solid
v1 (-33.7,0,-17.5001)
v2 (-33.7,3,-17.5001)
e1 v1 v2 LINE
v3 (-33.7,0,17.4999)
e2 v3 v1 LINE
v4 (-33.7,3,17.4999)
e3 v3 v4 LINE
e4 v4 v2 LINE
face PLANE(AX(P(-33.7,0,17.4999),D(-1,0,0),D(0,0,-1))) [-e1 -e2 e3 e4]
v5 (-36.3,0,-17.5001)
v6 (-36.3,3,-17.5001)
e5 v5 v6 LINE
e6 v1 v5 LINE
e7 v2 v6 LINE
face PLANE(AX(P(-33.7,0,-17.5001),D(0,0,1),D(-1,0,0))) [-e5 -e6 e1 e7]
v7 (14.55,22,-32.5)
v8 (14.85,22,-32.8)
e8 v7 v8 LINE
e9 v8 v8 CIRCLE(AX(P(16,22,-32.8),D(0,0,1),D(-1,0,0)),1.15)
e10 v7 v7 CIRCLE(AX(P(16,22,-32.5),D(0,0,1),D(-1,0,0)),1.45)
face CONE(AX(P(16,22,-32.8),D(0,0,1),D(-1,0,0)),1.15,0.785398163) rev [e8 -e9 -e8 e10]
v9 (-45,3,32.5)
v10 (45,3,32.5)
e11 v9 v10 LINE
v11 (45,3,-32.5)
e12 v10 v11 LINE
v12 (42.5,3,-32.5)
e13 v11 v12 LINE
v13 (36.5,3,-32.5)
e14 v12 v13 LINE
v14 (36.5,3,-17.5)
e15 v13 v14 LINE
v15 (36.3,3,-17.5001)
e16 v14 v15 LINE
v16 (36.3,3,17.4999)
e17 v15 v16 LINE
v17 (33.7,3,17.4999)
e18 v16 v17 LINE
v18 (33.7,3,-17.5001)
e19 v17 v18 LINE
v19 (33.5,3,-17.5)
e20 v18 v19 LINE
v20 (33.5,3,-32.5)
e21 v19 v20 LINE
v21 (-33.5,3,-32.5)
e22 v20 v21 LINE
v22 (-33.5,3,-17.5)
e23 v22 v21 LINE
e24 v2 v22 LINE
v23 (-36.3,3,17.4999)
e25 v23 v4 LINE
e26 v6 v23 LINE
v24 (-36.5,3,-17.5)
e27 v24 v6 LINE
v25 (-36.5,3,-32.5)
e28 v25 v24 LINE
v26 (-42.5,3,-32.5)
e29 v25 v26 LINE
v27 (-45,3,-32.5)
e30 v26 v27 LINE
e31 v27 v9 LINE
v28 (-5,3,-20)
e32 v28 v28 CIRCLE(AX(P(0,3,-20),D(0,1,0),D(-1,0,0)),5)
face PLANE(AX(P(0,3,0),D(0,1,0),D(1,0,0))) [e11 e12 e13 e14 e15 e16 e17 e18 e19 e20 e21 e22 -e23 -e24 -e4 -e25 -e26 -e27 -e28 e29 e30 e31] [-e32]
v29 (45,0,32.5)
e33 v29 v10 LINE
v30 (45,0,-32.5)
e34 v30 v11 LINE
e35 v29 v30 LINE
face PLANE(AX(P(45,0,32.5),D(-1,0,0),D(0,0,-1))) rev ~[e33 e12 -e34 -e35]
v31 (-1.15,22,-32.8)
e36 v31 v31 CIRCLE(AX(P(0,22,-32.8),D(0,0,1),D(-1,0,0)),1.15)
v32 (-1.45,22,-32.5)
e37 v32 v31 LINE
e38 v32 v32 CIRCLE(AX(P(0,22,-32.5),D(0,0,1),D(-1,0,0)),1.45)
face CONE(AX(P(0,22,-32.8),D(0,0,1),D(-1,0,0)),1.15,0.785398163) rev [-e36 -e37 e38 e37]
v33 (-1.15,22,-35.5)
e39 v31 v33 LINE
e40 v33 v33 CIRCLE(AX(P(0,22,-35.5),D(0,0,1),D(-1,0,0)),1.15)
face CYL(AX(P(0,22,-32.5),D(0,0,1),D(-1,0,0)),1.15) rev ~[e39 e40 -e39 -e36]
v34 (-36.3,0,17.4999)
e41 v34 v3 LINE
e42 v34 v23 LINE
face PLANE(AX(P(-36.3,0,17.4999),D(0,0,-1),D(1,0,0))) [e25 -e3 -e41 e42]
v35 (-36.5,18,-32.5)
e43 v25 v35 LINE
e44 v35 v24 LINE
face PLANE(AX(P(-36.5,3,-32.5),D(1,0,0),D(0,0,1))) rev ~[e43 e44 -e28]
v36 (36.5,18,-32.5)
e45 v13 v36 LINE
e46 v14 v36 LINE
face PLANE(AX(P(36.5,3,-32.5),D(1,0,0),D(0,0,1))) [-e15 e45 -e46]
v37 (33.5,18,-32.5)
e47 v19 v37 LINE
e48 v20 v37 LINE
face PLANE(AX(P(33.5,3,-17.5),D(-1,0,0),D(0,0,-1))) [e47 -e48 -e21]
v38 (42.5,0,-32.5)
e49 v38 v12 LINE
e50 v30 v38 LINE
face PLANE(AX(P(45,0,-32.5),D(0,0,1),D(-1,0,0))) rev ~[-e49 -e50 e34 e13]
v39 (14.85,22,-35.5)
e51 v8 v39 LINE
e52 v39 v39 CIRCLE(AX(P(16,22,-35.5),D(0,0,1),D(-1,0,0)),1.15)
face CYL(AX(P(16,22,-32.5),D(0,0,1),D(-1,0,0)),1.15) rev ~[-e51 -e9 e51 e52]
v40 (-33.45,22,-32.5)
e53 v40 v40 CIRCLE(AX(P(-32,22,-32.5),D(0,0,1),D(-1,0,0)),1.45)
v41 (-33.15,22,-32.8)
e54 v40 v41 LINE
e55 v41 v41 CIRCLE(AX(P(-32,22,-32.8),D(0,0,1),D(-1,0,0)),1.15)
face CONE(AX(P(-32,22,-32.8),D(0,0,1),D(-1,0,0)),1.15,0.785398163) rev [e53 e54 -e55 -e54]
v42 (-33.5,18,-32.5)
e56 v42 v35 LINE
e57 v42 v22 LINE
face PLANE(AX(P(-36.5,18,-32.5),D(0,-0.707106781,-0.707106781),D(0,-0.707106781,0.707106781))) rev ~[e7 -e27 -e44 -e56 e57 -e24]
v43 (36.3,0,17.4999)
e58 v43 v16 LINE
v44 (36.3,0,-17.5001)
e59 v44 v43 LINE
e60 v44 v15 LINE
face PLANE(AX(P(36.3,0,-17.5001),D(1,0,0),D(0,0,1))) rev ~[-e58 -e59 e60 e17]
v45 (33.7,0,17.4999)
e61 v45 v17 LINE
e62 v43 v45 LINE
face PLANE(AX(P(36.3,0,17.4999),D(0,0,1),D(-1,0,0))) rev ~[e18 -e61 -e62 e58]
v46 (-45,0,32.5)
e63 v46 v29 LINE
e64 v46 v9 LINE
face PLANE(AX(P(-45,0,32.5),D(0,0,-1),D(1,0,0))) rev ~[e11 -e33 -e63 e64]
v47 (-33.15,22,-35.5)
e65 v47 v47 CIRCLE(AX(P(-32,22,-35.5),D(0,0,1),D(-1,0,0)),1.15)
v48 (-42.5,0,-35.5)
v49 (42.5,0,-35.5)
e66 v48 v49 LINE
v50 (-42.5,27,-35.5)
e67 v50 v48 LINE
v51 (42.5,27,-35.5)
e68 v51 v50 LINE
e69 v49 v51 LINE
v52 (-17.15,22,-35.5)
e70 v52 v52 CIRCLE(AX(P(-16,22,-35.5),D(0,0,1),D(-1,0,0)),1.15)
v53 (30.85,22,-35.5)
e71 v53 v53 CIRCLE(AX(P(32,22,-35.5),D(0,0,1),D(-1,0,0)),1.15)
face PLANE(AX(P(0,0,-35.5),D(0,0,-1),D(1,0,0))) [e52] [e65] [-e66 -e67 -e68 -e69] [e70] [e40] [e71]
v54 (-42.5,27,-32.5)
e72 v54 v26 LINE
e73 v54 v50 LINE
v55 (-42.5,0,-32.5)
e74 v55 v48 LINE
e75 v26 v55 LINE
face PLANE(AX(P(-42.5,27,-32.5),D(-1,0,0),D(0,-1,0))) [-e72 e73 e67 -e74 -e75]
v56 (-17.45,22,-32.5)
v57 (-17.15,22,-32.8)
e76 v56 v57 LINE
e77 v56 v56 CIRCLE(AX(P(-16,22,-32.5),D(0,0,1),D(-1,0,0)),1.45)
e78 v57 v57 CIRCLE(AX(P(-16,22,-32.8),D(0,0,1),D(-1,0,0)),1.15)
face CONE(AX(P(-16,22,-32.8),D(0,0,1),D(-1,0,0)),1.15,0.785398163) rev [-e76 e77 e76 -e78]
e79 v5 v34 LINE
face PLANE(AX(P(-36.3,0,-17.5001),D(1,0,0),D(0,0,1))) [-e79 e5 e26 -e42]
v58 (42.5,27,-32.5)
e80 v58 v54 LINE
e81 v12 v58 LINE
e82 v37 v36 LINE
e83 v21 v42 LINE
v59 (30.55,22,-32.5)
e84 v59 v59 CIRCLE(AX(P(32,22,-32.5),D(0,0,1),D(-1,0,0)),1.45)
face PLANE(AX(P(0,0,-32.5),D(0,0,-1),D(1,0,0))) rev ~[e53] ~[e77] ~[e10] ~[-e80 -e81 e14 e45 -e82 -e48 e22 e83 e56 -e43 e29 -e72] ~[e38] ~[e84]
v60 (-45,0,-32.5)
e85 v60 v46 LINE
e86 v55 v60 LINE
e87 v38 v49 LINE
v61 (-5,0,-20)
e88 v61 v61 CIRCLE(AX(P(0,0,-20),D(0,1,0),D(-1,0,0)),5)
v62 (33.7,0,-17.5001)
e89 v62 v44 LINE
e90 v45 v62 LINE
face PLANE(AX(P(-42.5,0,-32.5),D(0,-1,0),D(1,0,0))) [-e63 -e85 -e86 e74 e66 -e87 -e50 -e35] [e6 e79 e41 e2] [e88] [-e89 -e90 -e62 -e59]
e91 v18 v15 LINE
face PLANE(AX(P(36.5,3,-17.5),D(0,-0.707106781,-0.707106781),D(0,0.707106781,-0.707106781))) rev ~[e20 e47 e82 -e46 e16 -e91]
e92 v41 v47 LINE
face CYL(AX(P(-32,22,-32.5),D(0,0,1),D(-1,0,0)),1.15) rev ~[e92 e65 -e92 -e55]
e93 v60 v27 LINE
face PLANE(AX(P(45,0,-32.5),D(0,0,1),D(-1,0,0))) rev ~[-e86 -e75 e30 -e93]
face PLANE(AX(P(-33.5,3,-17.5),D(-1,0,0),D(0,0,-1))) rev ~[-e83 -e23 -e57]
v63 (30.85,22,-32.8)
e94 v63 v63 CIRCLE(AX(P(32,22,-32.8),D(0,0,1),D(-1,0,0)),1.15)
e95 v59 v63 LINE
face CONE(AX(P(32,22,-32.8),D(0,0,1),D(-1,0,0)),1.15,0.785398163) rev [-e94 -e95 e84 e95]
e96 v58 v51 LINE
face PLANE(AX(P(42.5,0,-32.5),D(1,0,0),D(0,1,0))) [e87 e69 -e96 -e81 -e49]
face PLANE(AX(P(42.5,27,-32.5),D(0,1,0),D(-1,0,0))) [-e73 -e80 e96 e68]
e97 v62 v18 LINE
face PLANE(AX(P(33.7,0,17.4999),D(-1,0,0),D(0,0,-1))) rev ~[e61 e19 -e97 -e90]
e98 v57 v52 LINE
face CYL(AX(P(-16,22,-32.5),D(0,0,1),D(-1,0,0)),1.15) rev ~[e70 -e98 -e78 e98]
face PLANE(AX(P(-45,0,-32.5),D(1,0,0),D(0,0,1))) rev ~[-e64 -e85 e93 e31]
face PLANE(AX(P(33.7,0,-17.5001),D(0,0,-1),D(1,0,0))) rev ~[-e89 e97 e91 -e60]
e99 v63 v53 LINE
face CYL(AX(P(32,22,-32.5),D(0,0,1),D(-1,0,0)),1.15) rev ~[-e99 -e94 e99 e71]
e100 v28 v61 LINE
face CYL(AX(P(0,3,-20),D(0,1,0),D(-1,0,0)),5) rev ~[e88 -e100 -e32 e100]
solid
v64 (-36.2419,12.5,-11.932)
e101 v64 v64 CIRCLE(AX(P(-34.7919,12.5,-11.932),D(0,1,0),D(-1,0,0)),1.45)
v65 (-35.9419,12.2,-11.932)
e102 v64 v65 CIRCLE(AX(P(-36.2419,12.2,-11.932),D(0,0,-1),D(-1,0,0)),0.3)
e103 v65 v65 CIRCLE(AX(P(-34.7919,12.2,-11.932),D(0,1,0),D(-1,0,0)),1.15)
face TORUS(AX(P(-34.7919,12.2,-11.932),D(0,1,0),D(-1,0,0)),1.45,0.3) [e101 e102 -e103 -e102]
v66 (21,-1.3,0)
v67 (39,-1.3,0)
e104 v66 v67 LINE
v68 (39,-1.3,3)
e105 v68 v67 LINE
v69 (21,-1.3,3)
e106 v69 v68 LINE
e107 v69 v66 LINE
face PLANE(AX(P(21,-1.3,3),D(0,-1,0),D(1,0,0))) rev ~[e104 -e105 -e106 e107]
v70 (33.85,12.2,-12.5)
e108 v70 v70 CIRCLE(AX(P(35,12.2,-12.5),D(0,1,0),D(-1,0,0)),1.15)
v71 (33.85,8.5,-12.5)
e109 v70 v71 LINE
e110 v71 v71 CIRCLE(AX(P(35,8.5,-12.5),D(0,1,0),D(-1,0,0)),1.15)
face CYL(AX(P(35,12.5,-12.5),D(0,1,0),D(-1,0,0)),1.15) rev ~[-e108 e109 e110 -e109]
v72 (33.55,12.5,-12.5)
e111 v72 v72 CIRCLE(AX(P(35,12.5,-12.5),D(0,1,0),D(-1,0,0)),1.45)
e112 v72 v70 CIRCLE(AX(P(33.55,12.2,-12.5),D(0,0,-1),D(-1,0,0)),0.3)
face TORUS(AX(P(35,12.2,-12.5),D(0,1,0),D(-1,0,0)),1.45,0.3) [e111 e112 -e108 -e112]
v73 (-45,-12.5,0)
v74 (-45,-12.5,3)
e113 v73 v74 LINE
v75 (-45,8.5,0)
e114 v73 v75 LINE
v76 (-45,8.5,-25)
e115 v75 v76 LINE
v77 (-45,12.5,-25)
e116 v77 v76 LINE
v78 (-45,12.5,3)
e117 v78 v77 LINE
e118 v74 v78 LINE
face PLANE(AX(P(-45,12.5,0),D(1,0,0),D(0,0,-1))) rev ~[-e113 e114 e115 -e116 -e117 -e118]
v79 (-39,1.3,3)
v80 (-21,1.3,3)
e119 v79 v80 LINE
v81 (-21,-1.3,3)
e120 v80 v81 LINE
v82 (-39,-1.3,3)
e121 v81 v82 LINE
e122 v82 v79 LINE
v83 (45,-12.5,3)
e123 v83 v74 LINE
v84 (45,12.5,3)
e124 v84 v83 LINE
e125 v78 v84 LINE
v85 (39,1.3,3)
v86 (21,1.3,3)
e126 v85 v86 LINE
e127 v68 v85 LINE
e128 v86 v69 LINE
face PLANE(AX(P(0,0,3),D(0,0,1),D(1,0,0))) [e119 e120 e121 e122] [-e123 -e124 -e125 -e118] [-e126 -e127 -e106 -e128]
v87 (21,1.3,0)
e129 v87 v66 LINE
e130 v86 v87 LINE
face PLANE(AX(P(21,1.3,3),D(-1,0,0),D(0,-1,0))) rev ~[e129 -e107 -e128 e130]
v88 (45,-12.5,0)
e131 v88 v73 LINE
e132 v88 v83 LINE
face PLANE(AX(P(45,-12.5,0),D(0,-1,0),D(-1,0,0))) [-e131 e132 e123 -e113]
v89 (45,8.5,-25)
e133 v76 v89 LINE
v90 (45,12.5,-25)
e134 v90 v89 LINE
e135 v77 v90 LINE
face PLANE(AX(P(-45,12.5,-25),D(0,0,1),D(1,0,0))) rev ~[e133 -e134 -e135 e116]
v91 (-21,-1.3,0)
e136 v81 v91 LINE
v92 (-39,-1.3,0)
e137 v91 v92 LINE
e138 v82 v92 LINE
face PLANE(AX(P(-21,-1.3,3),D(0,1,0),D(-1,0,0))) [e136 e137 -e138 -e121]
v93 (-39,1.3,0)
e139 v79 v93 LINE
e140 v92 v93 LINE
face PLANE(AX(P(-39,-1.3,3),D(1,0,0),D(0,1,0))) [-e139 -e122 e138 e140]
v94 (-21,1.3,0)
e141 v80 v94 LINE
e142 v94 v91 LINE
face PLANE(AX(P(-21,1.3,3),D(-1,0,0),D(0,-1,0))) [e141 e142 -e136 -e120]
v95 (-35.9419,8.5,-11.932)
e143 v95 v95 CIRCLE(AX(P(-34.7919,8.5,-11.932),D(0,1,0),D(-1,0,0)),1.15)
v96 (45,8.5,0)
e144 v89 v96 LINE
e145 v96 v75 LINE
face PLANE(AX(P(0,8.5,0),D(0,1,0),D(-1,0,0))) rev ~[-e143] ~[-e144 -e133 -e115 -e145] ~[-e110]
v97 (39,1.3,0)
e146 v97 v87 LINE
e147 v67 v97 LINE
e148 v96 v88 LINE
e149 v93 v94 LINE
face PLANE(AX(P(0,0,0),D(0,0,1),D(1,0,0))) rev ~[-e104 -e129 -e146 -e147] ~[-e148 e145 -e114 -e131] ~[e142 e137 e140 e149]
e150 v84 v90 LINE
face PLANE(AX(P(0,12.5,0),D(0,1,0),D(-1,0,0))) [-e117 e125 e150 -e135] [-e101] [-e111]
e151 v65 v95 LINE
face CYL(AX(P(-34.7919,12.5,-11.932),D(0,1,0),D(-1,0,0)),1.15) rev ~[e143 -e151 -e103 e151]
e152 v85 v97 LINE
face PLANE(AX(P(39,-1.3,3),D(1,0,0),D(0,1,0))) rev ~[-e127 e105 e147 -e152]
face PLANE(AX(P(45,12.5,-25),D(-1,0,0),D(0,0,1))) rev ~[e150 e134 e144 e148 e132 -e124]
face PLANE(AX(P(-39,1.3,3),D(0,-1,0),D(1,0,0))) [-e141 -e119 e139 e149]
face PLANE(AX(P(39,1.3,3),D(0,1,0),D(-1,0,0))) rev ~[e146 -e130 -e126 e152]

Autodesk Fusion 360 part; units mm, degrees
sketch "Sketch1" plane through (0, 0, 0) normal (0, 0, 1) x (1, 0, 0) in component "TCRT_Chassis_Adapter"
  line L0 (-45, 12.5) -> (45, 12.5)
  line L1 (45, 12.5) -> (45, -12.5)
  line L2 (45, -12.5) -> (-45, -12.5)
  line L3 (-45, -12.5) -> (-45, 12.5)
  line L4 (-45, 12.5) -> (45, -12.5) construction
  line L5 (45, 12.5) -> (-45, -12.5) construction
  dimension "d18" = 90
  dimension "d19" = 25
extrude "Extrude1" add sketch "Sketch1" along normal blind 3 makes body 1 in component "TCRT_Chassis_Adapter"
sketch "Sketch2" plane through (0, 0, 3) normal (0, 0, 1) x (-1, 0, 0) in component "TCRT_Chassis_Adapter"
  line L0 (45, 12.5) -> (-45, 12.5)
  line L1 (-45, 12.5) -> (-45, -12.5)
  line L2 (-45, -12.5) -> (45, -12.5)
  line L3 (45, -12.5) -> (45, 12.5)
  line L4 (21, 1.3) -> (39, 1.3)
  line L5 (39, 1.3) -> (39, -1.3)
  line L6 (39, -1.3) -> (21, -1.3)
  line L7 (21, -1.3) -> (21, 1.3)
  line L8 (21, 1.3) -> (39, -1.3) construction
  line L9 (39, 1.3) -> (21, -1.3) construction
  line L10 (0, -12.5) -> (0, 12.5)
  line L11 (-39, -1.3) -> (-21, -1.3)
  line L12 (-39, 1.3) -> (-21, -1.3) construction
  line L13 (-21, -1.3) -> (-21, 1.3)
  line L14 (-21, 1.3) -> (-39, -1.3) construction
  line L15 (-21, 1.3) -> (-39, 1.3)
  line L16 (-39, 1.3) -> (-39, -1.3)
  point P0 (30, 0)
  point P1 (-30, 0)
  dimension "d22" = 18
  dimension "d23" = 30
  dimension "d24" = 2.6
extrude "Extrude2" cut sketch "Sketch2" against normal blind 8 contours L4 L5 L6 L7 | L11 L13 L15 L16 bodies 1 in component "TCRT_Chassis_Adapter"
sketch "Sketch3" plane through (0, 12.5, 0) normal (0, 1, 0) x (-1, 0, 0) in component "TCRT_Chassis_Adapter"
  line L0 (-45, 0) -> (45, 0)
  line L1 (45, 0) -> (45, 3)
  line L2 (45, 3) -> (-45, 3)
  line L3 (-45, 3) -> (-45, 0)
  line L4 (-45, 0) -> (45, 0)
  line L5 (45, 0) -> (45, -25)
  line L6 (45, -25) -> (-45, -25)
  line L7 (-45, -25) -> (-45, 0)
extrude "Extrude3" add sketch "Sketch3" against normal blind 4 contours L0 L4 L5 L6 L7 bodies 1 in component "TCRT_Chassis_Adapter"
sketch "Sketch4" plane through (0, 12.5, 0) normal (0, 1, 0) x (-1, 0, 0) in component "TCRT_Chassis_Adapter"
  line L0 (45, -25) -> (45, 3)
  line L1 (45, 3) -> (-45, 3)
  line L2 (-45, 3) -> (-45, -25)
  line L3 (-45, -25) -> (45, -25)
  circle A0 centre (-35, -12.5) radius 1.15
  line L4 (-0.2279, 3) -> (0, -25)
  circle A1 centre (34.7919, -11.932) radius 1.15
  dimension "d29" = 2.3
  dimension "d31" = 15.5
sketch "Sketch1 (2)" plane through (0, 0, 0) normal (0, 1, 0) x (1, 0, 0) in component "TCRT_Sensor_Slider"
  line L0 (45, 32.5) -> (-45, 32.5)
  line L1 (-45, 32.5) -> (-45, -32.5)
  line L2 (-45, -32.5) -> (45, -32.5)
  line L3 (45, -32.5) -> (45, 32.5)
  line L4 (45, 32.5) -> (-45, -32.5) construction
  line L5 (-45, 32.5) -> (45, -32.5) construction
  dimension "d41" = 65
  dimension "d42" = 90
extrude "Extrude1'" add sketch "Sketch1 (2)" along normal blind 3 separate body makes body 2 in component "TCRT_Sensor_Slider"
sketch "Sketch2 (2)" plane through (0, 0, 0) normal (0, -1, 0) x (1, 0, 0) in component "TCRT_Sensor_Slider"
  line L0 (45, -32.5) -> (45, 32.5)
  line L1 (45, 32.5) -> (-45, 32.5)
  line L2 (-45, 32.5) -> (-45, -32.5)
  line L3 (-45, -32.5) -> (45, -32.5)
  line L4 (0, 32.5) -> (0, -32.5)
  line L5 (-33.7, -17.5001) -> (-36.3, -17.5001)
  line L6 (-36.3, -17.5001) -> (-36.3, 17.4999)
  line L7 (-36.3, 17.4999) -> (-33.7, 17.4999)
  line L8 (-33.7, 17.4999) -> (-33.7, -17.5001)
  line L9 (-33.7, -17.5001) -> (-36.3, 17.4999) construction
  line L10 (-36.3, -17.5001) -> (-33.7, 17.4999) construction
  line L11 (36.3, -17.5001) -> (33.7, 17.4999) construction
  line L12 (33.7, 17.4999) -> (33.7, -17.5001)
  line L13 (33.7, -17.5001) -> (36.3, -17.5001)
  line L14 (36.3, 17.4999) -> (33.7, 17.4999)
  line L15 (33.7, -17.5001) -> (36.3, 17.4999) construction
  line L16 (36.3, -17.5001) -> (36.3, 17.4999)
  point P0 (-35, -0.0001)
  point P1 (35, -0.0001)
  dimension "d45" = 35
  dimension "d46" = 2.6
  dimension "d47" = 35
extrude "Extrude2'" cut sketch "Sketch2 (2)" against normal blind 3 contours L5 L6 L7 L8 | L12 L13 L14 L16 bodies 2 in component "TCRT_Sensor_Slider"
sketch "Sketch3 (2)" plane through (0, 0, 0) normal (1, 0, 0) x (0, 1, 0) in component "TCRT_Sensor_Slider"
sketch "Sketch4 (2)" plane through (0, 0, -32.5) normal (0, 0, -1) x (1, 0, 0) in component "TCRT_Sensor_Slider"
  line L0 (45, 0) -> (-45, 0)
  line L1 (-45, 0) -> (-45, -3)
  line L2 (-45, -3) -> (45, -3)
  line L3 (45, -3) -> (45, 0)
sketch "Sketch5" plane through (0, 0, -32.5) normal (0, 0, -1) x (1, 0, 0) in component "TCRT_Sensor_Slider"
  line L0 (-42.5, 0) -> (42.5, 0)
  line L1 (42.5, 0) -> (42.5, -27)
  line L2 (42.5, -27) -> (-42.5, -27)
  line L3 (-42.5, -27) -> (-42.5, 0)
  dimension "d50" = 42.5
  dimension "d51" = 42.5
  dimension "d52" = 27
extrude "Extrude3'" add sketch "Sketch5" along normal blind 3 bodies 2 in component "TCRT_Sensor_Slider"
sketch "Sketch6" plane through (0, 3, 0) normal (0, 1, 0) x (-1, 0, 0) in component "TCRT_Sensor_Slider"
  line L0 (36.3, 17.4999) -> (36.3, -17.5001)
  line L1 (36.3, -17.5001) -> (33.7, -17.5001)
  line L2 (33.7, -17.5001) -> (33.7, 17.4999)
  line L3 (33.7, 17.4999) -> (36.3, 17.4999)
  line L4 (-36.3, 17.4999) -> (-33.7, 17.4999)
  line L5 (-33.7, 17.4999) -> (-33.7, -17.5001)
  line L6 (-33.7, -17.5001) -> (-36.3, -17.5001)
  line L7 (-36.3, -17.5001) -> (-36.3, 17.4999)
  line L8 (-45, 32.5) -> (-45, -32.5)
  line L9 (-45, -32.5) -> (-42.5, -32.5)
  line L10 (-42.5, -32.5) -> (42.5, -32.5)
  line L11 (42.5, -32.5) -> (45, -32.5)
  line L12 (45, -32.5) -> (45, 32.5)
  line L13 (45, 32.5) -> (-45, 32.5)
sketch "Sketch7" plane through (0, 3, 0) normal (0, 1, 0) x (-1, 0, 0) in component "TCRT_Sensor_Slider"
  line L0 (-33.5, -32.5) -> (-36.5, -32.5)
  line L1 (-36.5, -32.5) -> (-36.5, -17.5)
  line L2 (-36.5, -17.5) -> (-33.5, -17.5)
  line L3 (-33.5, -17.5) -> (-33.5, -32.5)
  line L4 (-33.5, -32.5) -> (-36.5, -17.5) construction
  line L5 (-36.5, -32.5) -> (-33.5, -17.5) construction
  line L6 (0, 32.5) -> (0, -32.5)
  line L7 (36.5, -17.5) -> (33.5, -17.5)
  line L8 (36.5, -32.5) -> (33.5, -17.5) construction
  line L9 (36.5, -32.5) -> (36.5, -17.5)
  line L10 (33.5, -32.5) -> (36.5, -17.5) construction
  line L11 (33.5, -17.5) -> (33.5, -32.5)
  line L12 (33.5, -32.5) -> (36.5, -32.5)
  point P0 (-35, -25)
  dimension "d57" = 3
  dimension "d58" = 15
extrude "Extrude4" add sketch "Sketch7" along normal blind 15 bodies 2 in component "TCRT_Sensor_Slider"
sketch "Sketch8" plane through (36.5, 0, 0) normal (1, 0, 0) x (0, 1, 0) in component "TCRT_Sensor_Slider"
  line L0 (3, -17.5) -> (3, -32.5)
  line L1 (3, -32.5) -> (18, -32.5)
  line L2 (18, -32.5) -> (18, -17.5)
  line L3 (18, -17.5) -> (3, -17.5)
  line L4 (3, -17.5) -> (18, -32.5)
  line L5 (3, -17.5) -> (18, -17.5)
  line L6 (18, -32.5) -> (18, -17.5)
extrude "Extrude5" cut sketch "Sketch8" against normal blind 3 contours L2 L3 L4 L5 L6 bodies 2 in component "TCRT_Sensor_Slider"
sketch "Sketch9" plane through (-33.5, 0, 0) normal (1, 0, 0) x (0, 1, 0) in component "TCRT_Sensor_Slider"
  line L0 (3, -17.5) -> (3, -32.5)
  line L1 (3, -32.5) -> (18, -32.5)
  line L2 (18, -32.5) -> (18, -17.5)
  line L3 (18, -17.5) -> (3, -17.5)
sketch "Sketch10" plane through (-36.5, 0, 0) normal (-1, 0, 0) x (0, -1, 0) in component "TCRT_Sensor_Slider"
  line L0 (-3, -32.5) -> (-3, -17.5)
  line L1 (-3, -17.5) -> (-18, -17.5)
  line L2 (-18, -17.5) -> (-18, -32.5)
  line L3 (-18, -32.5) -> (-3, -32.5)
  line L4 (-18, -32.5) -> (-3, -17.5)
  line L5 (-3, -17.5) -> (-18, -17.5)
  line L6 (-18, -32.5) -> (-18, -17.5)
extrude "Extrude6" cut sketch "Sketch10" against normal blind 3 contours L1 L2 L4 L5 L6 bodies 2 in component "TCRT_Sensor_Slider"
extrude "Extrude5'" cut sketch "Sketch4" against normal blind 5 contours A0 bodies 1 in component "TCRT_Chassis_Adapter"
extrude "Extrude6'" cut sketch "Sketch4" against normal blind 5 contours A1 bodies 1 in component "TCRT_Chassis_Adapter"
fillet "Fillet2" radius 0.3 2 edges at (36.0722, 12.5, -12.0841) (-33.7197, 12.5, -11.5161) on bodies 1 in component "TCRT_Chassis_Adapter"
sketch "Sketch11" plane through (0, 0, -32.5) normal (0, 0, 1) x (-1, 0, 0) in component "TCRT_Sensor_Slider"
  line L0 (33.5, -18) -> (33.5, -3)
  line L1 (33.5, -3) -> (-33.5, -3)
  line L2 (-33.5, -3) -> (-33.5, -18)
  line L3 (-33.5, -18) -> (-36.5, -18)
  line L4 (-36.5, -18) -> (-36.5, -3)
  line L5 (-36.5, -3) -> (-42.5, -3)
  line L6 (-42.5, -3) -> (-42.5, -27)
  line L7 (-42.5, -27) -> (42.5, -27)
  line L8 (42.5, -27) -> (42.5, -3)
  line L9 (42.5, -3) -> (36.5, -3)
  line L10 (36.5, -3) -> (36.5, -18)
  line L11 (36.5, -18) -> (33.5, -18)
sketch "Sketch12" plane through (0, 0, -32.5) normal (0, 0, 1) x (-1, 0, 0) in component "TCRT_Sensor_Slider"
  circle A0 centre (0, -22) radius 1.15
  circle A1 centre (-16, -22) radius 1.15
  circle A2 centre (-32, -22) radius 1.15
  circle A3 centre (32, -22) radius 1.15
  circle A4 centre (16, -22) radius 1.15
  dimension "d71" = 2.3
  dimension "d72" = 2.3
  dimension "d73" = 16
  dimension "d74" = 2.3
  dimension "d75" = 16
extrude "Extrude7" cut sketch "Sketch12" against normal blind 5 bodies 2 in component "TCRT_Sensor_Slider"
sketch "Sketch13" plane through (0, 3, 0) normal (0, 1, 0) x (-1, 0, 0) in component "TCRT_Sensor_Slider"
  circle A0 centre (0, -20) radius 5
  dimension "d78" = 10
extrude "Extrude8" cut sketch "Sketch13" against normal blind 15 bodies 2 in component "TCRT_Sensor_Slider"
chamfer "Chamfer1" distance 0.3 angle 45 1 edges at (33.0722, 21.5841, -32.5) on bodies 2 in component "TCRT_Sensor_Slider"
chamfer "Chamfer2" distance 0.3 angle 45 1 edges at (17.0722, 21.5841, -32.5) on bodies 2 in component "TCRT_Sensor_Slider"
chamfer "Chamfer3" distance 0.3 angle 45 1 edges at (1.0722, 21.5841, -32.5) on bodies 2 in component "TCRT_Sensor_Slider"
chamfer "Chamfer4" distance 0.3 angle 45 1 edges at (-14.9278, 21.5841, -32.5) on bodies 2 in component "TCRT_Sensor_Slider"
chamfer "Chamfer5" distance 0.3 angle 45 1 edges at (-30.9278, 21.5841, -32.5) on bodies 2 in component "TCRT_Sensor_Slider"
component "TCRT_Chassis_Adapter" placed x (1, 0, 0) y (0, 1, 0) z (0, 0, 1) at (0, 0, 0)
component "TCRT_Sensor_Slider" placed x (1, 0, 0) y (0, 1, 0) z (0, 0, 1) at (0, 0, 0)
equation "adapter_width = 90 mm"
equation "adapter_depth = 25 mm"
equation "plate_thickness = 3 mm"
equation "front_wall_height = 25 mm"
equation "front_wall_thickness = 4 mm"
equation "slider_width = 90 mm"
equation "slider_height = 65 mm"
equation "slider_thickness = 3 mm"
equation "sensor_shelf_width = 85 mm"
equation "sensor_shelf_depth = 24 mm"
equation "sensor_shelf_thickness = 3 mm"
equation "vertical_slot_height = 35"
equation "slot_width = 4.2 mm"
equation "sensor_spacing = 13 mm"
equation "zip_slot_width = 3.5 mm"
equation "zip_slot_length = 10 mm"
equation "m3_clearance = 3.2 mm"
